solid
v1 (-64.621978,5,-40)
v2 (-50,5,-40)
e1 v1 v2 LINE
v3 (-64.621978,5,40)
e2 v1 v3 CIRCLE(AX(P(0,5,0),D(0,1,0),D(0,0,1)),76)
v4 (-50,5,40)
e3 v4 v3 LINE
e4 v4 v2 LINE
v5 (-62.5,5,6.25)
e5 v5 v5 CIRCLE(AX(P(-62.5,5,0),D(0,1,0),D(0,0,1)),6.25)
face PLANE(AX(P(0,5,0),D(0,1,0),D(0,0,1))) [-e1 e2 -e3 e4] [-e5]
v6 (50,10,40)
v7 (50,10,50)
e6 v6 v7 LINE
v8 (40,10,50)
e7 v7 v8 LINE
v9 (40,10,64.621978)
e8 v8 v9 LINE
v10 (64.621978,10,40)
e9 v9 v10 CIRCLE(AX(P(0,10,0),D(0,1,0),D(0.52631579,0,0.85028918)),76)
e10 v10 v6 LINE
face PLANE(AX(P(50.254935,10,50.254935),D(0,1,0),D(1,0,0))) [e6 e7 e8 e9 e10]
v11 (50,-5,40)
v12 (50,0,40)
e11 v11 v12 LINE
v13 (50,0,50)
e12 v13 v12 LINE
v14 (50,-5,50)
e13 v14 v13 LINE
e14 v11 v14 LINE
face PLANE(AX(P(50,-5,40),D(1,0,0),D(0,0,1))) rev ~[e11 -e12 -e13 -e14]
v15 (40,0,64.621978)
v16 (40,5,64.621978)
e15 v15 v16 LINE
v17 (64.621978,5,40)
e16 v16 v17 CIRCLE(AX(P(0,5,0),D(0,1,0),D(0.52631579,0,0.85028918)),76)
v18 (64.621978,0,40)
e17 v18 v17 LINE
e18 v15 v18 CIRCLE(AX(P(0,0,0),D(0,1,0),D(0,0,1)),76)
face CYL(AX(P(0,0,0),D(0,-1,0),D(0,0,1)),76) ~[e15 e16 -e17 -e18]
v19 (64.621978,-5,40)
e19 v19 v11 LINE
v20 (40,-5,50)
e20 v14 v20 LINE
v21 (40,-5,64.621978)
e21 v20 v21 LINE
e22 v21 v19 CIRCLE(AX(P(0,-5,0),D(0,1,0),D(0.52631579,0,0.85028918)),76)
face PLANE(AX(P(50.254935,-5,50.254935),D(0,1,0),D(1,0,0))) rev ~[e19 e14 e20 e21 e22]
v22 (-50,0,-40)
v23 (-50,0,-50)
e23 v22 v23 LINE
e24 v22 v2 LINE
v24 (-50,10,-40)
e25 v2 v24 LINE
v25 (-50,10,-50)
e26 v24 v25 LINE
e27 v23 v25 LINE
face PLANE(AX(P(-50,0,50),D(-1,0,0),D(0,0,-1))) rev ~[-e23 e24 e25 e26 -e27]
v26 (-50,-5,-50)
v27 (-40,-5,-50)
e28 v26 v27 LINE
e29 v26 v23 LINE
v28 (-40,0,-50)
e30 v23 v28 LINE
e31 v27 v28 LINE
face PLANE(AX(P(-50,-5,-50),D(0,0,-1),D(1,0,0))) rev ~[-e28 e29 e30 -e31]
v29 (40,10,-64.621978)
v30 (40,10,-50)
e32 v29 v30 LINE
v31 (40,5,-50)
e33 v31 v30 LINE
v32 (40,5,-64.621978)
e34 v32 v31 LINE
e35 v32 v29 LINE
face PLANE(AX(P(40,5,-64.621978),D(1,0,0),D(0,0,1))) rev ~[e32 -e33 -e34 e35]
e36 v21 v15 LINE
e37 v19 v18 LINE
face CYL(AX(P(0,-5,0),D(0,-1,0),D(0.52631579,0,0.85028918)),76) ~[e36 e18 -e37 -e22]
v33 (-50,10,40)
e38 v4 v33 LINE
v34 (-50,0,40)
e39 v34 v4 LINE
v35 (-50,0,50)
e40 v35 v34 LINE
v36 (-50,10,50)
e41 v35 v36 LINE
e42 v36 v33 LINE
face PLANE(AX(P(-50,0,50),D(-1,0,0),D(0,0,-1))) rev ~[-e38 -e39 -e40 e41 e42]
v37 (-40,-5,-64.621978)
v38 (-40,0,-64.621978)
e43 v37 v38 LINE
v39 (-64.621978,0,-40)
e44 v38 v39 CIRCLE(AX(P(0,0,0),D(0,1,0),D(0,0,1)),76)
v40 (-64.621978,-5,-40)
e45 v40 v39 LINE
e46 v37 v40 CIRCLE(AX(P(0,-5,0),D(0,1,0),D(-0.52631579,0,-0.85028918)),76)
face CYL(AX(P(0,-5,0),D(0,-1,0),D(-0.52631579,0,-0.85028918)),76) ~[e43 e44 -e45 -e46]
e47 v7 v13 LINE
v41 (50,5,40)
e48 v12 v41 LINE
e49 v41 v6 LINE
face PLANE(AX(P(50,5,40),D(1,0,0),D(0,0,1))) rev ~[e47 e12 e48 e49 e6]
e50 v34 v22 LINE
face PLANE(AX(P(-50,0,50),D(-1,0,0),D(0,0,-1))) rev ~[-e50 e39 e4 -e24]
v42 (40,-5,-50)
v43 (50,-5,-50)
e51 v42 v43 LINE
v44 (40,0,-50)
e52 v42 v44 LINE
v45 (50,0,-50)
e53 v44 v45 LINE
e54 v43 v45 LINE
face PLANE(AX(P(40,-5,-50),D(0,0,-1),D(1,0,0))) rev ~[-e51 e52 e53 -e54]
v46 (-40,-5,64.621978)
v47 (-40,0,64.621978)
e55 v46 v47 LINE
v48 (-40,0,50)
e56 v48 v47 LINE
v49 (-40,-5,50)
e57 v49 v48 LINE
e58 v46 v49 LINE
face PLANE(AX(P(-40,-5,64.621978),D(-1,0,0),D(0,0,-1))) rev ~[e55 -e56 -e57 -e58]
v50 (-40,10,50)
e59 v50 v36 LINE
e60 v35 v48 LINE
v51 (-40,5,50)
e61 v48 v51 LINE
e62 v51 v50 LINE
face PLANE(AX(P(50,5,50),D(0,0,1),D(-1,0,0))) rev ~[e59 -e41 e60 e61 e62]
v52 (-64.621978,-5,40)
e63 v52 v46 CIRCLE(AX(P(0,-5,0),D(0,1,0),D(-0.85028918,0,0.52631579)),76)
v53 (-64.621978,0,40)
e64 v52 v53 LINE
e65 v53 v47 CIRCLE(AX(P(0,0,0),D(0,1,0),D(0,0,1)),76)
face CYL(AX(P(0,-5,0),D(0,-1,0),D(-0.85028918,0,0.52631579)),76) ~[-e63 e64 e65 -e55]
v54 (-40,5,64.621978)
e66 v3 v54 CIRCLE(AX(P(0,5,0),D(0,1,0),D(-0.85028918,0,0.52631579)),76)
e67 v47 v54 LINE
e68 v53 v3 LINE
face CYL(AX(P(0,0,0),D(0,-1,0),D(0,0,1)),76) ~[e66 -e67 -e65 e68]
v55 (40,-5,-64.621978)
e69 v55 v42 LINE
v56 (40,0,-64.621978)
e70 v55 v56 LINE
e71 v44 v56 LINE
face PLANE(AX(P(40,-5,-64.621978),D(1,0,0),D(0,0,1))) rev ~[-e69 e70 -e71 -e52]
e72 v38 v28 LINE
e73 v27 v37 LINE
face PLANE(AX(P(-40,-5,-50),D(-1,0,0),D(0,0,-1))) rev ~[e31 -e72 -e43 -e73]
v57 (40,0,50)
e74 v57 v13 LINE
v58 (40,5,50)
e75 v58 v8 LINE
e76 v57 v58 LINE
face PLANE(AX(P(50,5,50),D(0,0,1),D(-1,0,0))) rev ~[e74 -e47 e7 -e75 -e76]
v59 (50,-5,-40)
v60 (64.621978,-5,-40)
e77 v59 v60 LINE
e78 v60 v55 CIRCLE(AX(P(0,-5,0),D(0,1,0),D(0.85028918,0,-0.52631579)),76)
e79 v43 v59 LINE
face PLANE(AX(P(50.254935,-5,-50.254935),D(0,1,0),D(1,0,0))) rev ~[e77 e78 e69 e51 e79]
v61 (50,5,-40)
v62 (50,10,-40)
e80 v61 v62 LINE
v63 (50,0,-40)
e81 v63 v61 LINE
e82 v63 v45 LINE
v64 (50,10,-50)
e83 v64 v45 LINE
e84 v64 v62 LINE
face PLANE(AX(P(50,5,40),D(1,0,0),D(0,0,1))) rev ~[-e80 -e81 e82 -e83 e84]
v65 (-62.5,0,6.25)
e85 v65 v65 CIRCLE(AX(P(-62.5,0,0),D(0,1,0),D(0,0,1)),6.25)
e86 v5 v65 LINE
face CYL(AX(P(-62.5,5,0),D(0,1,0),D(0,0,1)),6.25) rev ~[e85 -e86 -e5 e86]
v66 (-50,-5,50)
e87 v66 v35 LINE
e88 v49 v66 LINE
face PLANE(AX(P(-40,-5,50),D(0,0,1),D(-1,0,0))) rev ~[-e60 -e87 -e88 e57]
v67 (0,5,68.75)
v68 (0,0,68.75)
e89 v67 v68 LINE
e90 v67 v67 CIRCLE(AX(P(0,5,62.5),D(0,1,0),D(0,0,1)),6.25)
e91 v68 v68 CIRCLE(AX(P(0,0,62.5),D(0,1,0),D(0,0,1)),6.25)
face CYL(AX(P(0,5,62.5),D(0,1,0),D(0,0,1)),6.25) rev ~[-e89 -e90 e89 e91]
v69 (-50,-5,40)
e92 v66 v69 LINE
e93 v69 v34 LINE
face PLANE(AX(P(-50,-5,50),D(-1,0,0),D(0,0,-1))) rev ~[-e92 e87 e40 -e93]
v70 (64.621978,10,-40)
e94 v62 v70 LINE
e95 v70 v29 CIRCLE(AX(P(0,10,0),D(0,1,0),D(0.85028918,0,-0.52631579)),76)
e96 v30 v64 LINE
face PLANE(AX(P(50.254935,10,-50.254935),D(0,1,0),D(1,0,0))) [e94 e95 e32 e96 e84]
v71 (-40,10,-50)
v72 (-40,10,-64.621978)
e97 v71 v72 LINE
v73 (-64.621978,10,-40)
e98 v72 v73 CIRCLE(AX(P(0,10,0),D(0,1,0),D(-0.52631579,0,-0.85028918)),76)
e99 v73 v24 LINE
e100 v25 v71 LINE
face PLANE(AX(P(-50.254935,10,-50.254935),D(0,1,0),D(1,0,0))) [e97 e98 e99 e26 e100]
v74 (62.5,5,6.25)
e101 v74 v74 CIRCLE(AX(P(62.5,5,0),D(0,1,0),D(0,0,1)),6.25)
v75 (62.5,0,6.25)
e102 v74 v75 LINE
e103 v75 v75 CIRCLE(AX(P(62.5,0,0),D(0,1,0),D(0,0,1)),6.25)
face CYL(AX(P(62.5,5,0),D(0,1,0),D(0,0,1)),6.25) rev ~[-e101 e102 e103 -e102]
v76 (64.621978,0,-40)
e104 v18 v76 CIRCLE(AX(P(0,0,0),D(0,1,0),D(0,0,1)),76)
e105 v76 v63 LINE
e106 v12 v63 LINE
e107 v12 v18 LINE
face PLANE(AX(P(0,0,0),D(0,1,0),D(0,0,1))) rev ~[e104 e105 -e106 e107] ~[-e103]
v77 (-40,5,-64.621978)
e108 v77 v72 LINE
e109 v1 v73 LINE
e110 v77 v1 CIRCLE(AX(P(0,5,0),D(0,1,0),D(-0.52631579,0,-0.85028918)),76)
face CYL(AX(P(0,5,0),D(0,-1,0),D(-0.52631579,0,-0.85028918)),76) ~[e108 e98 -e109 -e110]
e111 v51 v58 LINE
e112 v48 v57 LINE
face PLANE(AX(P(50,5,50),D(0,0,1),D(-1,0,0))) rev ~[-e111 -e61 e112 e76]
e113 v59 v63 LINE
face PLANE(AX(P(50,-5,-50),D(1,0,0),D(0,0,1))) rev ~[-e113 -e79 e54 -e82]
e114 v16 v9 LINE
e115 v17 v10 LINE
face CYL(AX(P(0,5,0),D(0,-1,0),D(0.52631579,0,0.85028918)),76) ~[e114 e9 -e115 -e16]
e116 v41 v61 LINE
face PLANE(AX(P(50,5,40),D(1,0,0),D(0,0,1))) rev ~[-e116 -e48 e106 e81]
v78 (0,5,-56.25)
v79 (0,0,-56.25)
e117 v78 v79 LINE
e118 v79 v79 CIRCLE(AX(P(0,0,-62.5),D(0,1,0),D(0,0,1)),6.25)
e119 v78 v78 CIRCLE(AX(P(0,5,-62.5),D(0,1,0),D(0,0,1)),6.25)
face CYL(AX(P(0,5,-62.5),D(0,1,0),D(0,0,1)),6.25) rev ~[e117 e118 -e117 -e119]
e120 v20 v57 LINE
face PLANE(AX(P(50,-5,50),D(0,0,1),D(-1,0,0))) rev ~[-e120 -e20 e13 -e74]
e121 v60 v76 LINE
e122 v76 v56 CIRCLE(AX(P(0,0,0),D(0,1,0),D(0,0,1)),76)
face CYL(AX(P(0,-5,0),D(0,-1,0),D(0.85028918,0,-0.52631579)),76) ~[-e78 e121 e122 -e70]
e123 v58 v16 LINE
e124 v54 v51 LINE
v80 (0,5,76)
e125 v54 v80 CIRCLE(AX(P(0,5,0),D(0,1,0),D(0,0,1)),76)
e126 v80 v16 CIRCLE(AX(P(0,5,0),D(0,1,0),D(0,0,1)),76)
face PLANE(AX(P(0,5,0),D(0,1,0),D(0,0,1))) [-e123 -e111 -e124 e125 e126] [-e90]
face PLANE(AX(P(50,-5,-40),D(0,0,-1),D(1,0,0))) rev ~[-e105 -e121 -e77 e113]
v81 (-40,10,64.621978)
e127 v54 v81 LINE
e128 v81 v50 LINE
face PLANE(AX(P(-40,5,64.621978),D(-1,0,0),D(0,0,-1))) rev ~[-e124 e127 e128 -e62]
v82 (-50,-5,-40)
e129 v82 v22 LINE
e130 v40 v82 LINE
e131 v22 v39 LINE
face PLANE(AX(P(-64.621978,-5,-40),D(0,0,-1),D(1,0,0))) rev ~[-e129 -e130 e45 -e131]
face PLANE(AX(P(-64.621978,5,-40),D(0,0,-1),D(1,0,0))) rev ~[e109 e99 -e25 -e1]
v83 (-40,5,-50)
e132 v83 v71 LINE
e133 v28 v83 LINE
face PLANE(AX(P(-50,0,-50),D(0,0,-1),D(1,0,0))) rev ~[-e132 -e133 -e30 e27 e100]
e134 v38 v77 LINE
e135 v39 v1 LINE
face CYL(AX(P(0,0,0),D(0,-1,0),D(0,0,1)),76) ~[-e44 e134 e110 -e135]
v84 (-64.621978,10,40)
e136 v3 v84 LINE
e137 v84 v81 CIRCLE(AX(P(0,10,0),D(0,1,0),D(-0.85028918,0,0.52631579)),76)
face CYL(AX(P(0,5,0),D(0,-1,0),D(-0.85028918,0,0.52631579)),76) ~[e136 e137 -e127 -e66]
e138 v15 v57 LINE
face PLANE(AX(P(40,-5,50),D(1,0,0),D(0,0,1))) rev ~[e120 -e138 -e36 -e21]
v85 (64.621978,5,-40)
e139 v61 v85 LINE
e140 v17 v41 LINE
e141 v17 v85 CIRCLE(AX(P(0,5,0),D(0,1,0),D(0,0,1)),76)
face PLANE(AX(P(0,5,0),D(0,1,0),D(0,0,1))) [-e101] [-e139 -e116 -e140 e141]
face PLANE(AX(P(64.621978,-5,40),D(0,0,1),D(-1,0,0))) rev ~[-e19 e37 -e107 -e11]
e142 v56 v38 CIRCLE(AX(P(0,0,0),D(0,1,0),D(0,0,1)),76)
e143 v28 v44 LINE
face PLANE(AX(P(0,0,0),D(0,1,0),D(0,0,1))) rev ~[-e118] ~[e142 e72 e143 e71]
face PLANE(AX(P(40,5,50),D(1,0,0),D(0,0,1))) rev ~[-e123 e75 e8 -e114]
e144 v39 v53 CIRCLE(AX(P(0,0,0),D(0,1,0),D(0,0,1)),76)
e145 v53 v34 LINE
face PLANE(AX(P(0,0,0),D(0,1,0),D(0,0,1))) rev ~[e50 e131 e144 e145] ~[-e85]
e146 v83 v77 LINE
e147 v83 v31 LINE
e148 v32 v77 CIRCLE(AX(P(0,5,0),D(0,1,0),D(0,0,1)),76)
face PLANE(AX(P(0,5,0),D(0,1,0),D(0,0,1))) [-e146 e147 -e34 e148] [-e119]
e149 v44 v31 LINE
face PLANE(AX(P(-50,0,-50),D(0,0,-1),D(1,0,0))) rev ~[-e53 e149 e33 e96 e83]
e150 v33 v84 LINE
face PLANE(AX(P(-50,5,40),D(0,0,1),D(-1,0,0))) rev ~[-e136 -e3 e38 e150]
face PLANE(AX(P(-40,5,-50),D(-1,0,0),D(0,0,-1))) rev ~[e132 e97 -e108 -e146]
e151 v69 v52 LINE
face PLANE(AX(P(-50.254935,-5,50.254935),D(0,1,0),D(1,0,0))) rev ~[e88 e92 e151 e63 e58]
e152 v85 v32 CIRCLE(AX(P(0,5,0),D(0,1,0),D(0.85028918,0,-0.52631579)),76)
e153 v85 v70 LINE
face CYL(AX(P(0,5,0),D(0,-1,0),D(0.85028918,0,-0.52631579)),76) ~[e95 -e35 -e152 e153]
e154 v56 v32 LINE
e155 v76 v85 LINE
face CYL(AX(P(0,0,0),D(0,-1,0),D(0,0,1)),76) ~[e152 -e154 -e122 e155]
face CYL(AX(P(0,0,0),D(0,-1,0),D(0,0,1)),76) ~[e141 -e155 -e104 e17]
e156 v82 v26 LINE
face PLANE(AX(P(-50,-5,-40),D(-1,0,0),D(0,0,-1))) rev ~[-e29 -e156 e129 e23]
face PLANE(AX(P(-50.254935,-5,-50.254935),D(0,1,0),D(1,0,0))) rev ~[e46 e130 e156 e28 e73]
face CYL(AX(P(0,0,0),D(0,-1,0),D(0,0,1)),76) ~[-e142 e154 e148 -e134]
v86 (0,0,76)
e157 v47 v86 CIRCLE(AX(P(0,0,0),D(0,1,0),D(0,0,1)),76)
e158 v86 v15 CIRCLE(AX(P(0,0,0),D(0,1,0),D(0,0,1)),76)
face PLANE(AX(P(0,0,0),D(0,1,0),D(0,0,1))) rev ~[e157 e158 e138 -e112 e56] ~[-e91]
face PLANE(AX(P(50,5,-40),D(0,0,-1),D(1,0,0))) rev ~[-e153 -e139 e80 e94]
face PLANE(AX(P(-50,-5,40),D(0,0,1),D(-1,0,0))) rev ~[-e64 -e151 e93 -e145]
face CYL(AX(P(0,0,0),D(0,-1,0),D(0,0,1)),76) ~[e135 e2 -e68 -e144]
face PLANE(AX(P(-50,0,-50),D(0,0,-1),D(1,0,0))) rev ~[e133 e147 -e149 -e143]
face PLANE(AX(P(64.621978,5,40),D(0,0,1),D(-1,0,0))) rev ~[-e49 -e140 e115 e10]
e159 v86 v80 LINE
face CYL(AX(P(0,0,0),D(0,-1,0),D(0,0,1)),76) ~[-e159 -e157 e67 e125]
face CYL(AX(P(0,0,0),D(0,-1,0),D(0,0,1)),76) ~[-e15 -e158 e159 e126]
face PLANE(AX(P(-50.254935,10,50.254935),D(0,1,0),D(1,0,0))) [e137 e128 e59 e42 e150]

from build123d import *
from build123d.topology import SkipClean

# Parameters (mm, degrees)
SKETCH1_R           = 76
SKETCH1_W           = 100
SKETCH1_H           = 100
BOSS_EXTRUDE1_DEPTH = 5
SKETCH2_R           = 6.25
CUT_EXTRUDE1_DEPTH  = 10
BOSS_EXTRUDE2_DEPTH = 5
BOSS_EXTRUDE4_START = -15
BOSS_EXTRUDE4_DEPTH = 15


with BuildPart() as part:
    # Sketch1 → Boss-Extrude1 (new body)
    with BuildSketch(Plane(origin=(0, 0, 0), x_dir=(1, 0, 0), z_dir=(0, 1, 0))):
        with Locations(Location((0, 0, 0), (0, 0, 270))):
            Circle(SKETCH1_R)
        Rectangle(SKETCH1_W, SKETCH1_H, mode=Mode.SUBTRACT)
    extrude(amount=BOSS_EXTRUDE1_DEPTH)

    # Sketch2 → Cut-Extrude1 (cut)
    with BuildSketch(Plane(origin=(0, 5, 0), x_dir=(1, 0, 0), z_dir=(0, 1, 0))):
        with Locations(Location((-62.5, 0, 0), (0, 0, 270))):
            Circle(SKETCH2_R)
        with Locations(Location((0, 62.5, 0), (0, 0, 270))):
            Circle(SKETCH2_R)
        with Locations(Location((62.5, 0, 0), (0, 0, 270))):
            Circle(SKETCH2_R)
        with Locations(Location((0, -62.5, 0), (0, 0, 270))):
            Circle(SKETCH2_R)
    extrude(amount=-CUT_EXTRUDE1_DEPTH, mode=Mode.SUBTRACT)

    # Sketch3 → Boss-Extrude2 (add)
    with BuildSketch(Plane(origin=(0, 5, 0), x_dir=(1, 0, 0), z_dir=(0, 1, 0))):
        with BuildLine():
            Line((50, -50), (40, -50))
            Line((40, -50), (40, -64.621977686))
            ThreePointArc((40, -64.621977686), (53.74011537, -53.74011537), (64.621977686, -40))
            Line((64.621977686, -40), (50, -40))
            Line((50, -40), (50, -50))
        make_face()
        with BuildLine():
            Line((-40, -50), (-50, -50))
            Line((-50, -50), (-50, -40))
            Line((-50, -40), (-64.621977686, -40))
            ThreePointArc((-64.621977686, -40), (-53.74011537, -53.74011537), (-40, -64.621977686))
            Line((-40, -64.621977686), (-40, -50))
        make_face()
        with BuildLine():
            Line((-64.621977686, 40), (-50, 40))
            Line((-50, 40), (-50, 50))
            Line((-50, 50), (-40, 50))
            Line((-40, 50), (-40, 64.621977686))
            ThreePointArc((-40, 64.621977686), (-53.74011537, 53.74011537), (-64.621977686, 40))
        make_face()
        with BuildLine():
            Line((50, 50), (50, 40))
            Line((50, 40), (64.621977686, 40))
            ThreePointArc((64.621977686, 40), (53.74011537, 53.74011537), (40, 64.621977686))
            Line((40, 64.621977686), (40, 50))
            Line((40, 50), (50, 50))
        make_face()
    extrude(amount=BOSS_EXTRUDE2_DEPTH)

    # Sketch4 → Boss-Extrude4 (add)
    with SkipClean():  # the faces are left unmerged after this step: merging them gives an invalid solid
        with BuildSketch(Plane(origin=(0, 10, 0), x_dir=(1, 0, 0), z_dir=(0, 1, 0)).offset(BOSS_EXTRUDE4_START)):
            with BuildLine():
                Line((50, 50), (50, 40))
                Line((50, 40), (64.621977686, 40))
                ThreePointArc((64.621977686, 40), (53.74011537, 53.74011537), (40, 64.621977686))
                Line((40, 64.621977686), (40, 50))
                Line((40, 50), (50, 50))
            make_face()
            with BuildLine():
                Line((-50, 50), (-40, 50))
                Line((-40, 50), (-40, 64.621977686))
                ThreePointArc((-40, 64.621977686), (-53.74011537, 53.74011537), (-64.621977686, 40))
                Line((-64.621977686, 40), (-50, 40))
                Line((-50, 40), (-50, 50))
            make_face()
            with BuildLine():
                Line((-40, -64.621977686), (-40, -50))
                Line((-40, -50), (-50, -50))
                Line((-50, -50), (-50, -40))
                Line((-50, -40), (-64.621977686, -40))
                ThreePointArc((-64.621977686, -40), (-53.74011537, -53.74011537), (-40, -64.621977686))
            make_face()
            with BuildLine():
                Line((50, -50), (40, -50))
                Line((40, -50), (40, -64.621977686))
                ThreePointArc((40, -64.621977686), (53.74011537, -53.74011537), (64.621977686, -40))
                Line((64.621977686, -40), (50, -40))
                Line((50, -40), (50, -50))
            make_face()
        extrude(amount=BOSS_EXTRUDE4_DEPTH)


solid = part.part
